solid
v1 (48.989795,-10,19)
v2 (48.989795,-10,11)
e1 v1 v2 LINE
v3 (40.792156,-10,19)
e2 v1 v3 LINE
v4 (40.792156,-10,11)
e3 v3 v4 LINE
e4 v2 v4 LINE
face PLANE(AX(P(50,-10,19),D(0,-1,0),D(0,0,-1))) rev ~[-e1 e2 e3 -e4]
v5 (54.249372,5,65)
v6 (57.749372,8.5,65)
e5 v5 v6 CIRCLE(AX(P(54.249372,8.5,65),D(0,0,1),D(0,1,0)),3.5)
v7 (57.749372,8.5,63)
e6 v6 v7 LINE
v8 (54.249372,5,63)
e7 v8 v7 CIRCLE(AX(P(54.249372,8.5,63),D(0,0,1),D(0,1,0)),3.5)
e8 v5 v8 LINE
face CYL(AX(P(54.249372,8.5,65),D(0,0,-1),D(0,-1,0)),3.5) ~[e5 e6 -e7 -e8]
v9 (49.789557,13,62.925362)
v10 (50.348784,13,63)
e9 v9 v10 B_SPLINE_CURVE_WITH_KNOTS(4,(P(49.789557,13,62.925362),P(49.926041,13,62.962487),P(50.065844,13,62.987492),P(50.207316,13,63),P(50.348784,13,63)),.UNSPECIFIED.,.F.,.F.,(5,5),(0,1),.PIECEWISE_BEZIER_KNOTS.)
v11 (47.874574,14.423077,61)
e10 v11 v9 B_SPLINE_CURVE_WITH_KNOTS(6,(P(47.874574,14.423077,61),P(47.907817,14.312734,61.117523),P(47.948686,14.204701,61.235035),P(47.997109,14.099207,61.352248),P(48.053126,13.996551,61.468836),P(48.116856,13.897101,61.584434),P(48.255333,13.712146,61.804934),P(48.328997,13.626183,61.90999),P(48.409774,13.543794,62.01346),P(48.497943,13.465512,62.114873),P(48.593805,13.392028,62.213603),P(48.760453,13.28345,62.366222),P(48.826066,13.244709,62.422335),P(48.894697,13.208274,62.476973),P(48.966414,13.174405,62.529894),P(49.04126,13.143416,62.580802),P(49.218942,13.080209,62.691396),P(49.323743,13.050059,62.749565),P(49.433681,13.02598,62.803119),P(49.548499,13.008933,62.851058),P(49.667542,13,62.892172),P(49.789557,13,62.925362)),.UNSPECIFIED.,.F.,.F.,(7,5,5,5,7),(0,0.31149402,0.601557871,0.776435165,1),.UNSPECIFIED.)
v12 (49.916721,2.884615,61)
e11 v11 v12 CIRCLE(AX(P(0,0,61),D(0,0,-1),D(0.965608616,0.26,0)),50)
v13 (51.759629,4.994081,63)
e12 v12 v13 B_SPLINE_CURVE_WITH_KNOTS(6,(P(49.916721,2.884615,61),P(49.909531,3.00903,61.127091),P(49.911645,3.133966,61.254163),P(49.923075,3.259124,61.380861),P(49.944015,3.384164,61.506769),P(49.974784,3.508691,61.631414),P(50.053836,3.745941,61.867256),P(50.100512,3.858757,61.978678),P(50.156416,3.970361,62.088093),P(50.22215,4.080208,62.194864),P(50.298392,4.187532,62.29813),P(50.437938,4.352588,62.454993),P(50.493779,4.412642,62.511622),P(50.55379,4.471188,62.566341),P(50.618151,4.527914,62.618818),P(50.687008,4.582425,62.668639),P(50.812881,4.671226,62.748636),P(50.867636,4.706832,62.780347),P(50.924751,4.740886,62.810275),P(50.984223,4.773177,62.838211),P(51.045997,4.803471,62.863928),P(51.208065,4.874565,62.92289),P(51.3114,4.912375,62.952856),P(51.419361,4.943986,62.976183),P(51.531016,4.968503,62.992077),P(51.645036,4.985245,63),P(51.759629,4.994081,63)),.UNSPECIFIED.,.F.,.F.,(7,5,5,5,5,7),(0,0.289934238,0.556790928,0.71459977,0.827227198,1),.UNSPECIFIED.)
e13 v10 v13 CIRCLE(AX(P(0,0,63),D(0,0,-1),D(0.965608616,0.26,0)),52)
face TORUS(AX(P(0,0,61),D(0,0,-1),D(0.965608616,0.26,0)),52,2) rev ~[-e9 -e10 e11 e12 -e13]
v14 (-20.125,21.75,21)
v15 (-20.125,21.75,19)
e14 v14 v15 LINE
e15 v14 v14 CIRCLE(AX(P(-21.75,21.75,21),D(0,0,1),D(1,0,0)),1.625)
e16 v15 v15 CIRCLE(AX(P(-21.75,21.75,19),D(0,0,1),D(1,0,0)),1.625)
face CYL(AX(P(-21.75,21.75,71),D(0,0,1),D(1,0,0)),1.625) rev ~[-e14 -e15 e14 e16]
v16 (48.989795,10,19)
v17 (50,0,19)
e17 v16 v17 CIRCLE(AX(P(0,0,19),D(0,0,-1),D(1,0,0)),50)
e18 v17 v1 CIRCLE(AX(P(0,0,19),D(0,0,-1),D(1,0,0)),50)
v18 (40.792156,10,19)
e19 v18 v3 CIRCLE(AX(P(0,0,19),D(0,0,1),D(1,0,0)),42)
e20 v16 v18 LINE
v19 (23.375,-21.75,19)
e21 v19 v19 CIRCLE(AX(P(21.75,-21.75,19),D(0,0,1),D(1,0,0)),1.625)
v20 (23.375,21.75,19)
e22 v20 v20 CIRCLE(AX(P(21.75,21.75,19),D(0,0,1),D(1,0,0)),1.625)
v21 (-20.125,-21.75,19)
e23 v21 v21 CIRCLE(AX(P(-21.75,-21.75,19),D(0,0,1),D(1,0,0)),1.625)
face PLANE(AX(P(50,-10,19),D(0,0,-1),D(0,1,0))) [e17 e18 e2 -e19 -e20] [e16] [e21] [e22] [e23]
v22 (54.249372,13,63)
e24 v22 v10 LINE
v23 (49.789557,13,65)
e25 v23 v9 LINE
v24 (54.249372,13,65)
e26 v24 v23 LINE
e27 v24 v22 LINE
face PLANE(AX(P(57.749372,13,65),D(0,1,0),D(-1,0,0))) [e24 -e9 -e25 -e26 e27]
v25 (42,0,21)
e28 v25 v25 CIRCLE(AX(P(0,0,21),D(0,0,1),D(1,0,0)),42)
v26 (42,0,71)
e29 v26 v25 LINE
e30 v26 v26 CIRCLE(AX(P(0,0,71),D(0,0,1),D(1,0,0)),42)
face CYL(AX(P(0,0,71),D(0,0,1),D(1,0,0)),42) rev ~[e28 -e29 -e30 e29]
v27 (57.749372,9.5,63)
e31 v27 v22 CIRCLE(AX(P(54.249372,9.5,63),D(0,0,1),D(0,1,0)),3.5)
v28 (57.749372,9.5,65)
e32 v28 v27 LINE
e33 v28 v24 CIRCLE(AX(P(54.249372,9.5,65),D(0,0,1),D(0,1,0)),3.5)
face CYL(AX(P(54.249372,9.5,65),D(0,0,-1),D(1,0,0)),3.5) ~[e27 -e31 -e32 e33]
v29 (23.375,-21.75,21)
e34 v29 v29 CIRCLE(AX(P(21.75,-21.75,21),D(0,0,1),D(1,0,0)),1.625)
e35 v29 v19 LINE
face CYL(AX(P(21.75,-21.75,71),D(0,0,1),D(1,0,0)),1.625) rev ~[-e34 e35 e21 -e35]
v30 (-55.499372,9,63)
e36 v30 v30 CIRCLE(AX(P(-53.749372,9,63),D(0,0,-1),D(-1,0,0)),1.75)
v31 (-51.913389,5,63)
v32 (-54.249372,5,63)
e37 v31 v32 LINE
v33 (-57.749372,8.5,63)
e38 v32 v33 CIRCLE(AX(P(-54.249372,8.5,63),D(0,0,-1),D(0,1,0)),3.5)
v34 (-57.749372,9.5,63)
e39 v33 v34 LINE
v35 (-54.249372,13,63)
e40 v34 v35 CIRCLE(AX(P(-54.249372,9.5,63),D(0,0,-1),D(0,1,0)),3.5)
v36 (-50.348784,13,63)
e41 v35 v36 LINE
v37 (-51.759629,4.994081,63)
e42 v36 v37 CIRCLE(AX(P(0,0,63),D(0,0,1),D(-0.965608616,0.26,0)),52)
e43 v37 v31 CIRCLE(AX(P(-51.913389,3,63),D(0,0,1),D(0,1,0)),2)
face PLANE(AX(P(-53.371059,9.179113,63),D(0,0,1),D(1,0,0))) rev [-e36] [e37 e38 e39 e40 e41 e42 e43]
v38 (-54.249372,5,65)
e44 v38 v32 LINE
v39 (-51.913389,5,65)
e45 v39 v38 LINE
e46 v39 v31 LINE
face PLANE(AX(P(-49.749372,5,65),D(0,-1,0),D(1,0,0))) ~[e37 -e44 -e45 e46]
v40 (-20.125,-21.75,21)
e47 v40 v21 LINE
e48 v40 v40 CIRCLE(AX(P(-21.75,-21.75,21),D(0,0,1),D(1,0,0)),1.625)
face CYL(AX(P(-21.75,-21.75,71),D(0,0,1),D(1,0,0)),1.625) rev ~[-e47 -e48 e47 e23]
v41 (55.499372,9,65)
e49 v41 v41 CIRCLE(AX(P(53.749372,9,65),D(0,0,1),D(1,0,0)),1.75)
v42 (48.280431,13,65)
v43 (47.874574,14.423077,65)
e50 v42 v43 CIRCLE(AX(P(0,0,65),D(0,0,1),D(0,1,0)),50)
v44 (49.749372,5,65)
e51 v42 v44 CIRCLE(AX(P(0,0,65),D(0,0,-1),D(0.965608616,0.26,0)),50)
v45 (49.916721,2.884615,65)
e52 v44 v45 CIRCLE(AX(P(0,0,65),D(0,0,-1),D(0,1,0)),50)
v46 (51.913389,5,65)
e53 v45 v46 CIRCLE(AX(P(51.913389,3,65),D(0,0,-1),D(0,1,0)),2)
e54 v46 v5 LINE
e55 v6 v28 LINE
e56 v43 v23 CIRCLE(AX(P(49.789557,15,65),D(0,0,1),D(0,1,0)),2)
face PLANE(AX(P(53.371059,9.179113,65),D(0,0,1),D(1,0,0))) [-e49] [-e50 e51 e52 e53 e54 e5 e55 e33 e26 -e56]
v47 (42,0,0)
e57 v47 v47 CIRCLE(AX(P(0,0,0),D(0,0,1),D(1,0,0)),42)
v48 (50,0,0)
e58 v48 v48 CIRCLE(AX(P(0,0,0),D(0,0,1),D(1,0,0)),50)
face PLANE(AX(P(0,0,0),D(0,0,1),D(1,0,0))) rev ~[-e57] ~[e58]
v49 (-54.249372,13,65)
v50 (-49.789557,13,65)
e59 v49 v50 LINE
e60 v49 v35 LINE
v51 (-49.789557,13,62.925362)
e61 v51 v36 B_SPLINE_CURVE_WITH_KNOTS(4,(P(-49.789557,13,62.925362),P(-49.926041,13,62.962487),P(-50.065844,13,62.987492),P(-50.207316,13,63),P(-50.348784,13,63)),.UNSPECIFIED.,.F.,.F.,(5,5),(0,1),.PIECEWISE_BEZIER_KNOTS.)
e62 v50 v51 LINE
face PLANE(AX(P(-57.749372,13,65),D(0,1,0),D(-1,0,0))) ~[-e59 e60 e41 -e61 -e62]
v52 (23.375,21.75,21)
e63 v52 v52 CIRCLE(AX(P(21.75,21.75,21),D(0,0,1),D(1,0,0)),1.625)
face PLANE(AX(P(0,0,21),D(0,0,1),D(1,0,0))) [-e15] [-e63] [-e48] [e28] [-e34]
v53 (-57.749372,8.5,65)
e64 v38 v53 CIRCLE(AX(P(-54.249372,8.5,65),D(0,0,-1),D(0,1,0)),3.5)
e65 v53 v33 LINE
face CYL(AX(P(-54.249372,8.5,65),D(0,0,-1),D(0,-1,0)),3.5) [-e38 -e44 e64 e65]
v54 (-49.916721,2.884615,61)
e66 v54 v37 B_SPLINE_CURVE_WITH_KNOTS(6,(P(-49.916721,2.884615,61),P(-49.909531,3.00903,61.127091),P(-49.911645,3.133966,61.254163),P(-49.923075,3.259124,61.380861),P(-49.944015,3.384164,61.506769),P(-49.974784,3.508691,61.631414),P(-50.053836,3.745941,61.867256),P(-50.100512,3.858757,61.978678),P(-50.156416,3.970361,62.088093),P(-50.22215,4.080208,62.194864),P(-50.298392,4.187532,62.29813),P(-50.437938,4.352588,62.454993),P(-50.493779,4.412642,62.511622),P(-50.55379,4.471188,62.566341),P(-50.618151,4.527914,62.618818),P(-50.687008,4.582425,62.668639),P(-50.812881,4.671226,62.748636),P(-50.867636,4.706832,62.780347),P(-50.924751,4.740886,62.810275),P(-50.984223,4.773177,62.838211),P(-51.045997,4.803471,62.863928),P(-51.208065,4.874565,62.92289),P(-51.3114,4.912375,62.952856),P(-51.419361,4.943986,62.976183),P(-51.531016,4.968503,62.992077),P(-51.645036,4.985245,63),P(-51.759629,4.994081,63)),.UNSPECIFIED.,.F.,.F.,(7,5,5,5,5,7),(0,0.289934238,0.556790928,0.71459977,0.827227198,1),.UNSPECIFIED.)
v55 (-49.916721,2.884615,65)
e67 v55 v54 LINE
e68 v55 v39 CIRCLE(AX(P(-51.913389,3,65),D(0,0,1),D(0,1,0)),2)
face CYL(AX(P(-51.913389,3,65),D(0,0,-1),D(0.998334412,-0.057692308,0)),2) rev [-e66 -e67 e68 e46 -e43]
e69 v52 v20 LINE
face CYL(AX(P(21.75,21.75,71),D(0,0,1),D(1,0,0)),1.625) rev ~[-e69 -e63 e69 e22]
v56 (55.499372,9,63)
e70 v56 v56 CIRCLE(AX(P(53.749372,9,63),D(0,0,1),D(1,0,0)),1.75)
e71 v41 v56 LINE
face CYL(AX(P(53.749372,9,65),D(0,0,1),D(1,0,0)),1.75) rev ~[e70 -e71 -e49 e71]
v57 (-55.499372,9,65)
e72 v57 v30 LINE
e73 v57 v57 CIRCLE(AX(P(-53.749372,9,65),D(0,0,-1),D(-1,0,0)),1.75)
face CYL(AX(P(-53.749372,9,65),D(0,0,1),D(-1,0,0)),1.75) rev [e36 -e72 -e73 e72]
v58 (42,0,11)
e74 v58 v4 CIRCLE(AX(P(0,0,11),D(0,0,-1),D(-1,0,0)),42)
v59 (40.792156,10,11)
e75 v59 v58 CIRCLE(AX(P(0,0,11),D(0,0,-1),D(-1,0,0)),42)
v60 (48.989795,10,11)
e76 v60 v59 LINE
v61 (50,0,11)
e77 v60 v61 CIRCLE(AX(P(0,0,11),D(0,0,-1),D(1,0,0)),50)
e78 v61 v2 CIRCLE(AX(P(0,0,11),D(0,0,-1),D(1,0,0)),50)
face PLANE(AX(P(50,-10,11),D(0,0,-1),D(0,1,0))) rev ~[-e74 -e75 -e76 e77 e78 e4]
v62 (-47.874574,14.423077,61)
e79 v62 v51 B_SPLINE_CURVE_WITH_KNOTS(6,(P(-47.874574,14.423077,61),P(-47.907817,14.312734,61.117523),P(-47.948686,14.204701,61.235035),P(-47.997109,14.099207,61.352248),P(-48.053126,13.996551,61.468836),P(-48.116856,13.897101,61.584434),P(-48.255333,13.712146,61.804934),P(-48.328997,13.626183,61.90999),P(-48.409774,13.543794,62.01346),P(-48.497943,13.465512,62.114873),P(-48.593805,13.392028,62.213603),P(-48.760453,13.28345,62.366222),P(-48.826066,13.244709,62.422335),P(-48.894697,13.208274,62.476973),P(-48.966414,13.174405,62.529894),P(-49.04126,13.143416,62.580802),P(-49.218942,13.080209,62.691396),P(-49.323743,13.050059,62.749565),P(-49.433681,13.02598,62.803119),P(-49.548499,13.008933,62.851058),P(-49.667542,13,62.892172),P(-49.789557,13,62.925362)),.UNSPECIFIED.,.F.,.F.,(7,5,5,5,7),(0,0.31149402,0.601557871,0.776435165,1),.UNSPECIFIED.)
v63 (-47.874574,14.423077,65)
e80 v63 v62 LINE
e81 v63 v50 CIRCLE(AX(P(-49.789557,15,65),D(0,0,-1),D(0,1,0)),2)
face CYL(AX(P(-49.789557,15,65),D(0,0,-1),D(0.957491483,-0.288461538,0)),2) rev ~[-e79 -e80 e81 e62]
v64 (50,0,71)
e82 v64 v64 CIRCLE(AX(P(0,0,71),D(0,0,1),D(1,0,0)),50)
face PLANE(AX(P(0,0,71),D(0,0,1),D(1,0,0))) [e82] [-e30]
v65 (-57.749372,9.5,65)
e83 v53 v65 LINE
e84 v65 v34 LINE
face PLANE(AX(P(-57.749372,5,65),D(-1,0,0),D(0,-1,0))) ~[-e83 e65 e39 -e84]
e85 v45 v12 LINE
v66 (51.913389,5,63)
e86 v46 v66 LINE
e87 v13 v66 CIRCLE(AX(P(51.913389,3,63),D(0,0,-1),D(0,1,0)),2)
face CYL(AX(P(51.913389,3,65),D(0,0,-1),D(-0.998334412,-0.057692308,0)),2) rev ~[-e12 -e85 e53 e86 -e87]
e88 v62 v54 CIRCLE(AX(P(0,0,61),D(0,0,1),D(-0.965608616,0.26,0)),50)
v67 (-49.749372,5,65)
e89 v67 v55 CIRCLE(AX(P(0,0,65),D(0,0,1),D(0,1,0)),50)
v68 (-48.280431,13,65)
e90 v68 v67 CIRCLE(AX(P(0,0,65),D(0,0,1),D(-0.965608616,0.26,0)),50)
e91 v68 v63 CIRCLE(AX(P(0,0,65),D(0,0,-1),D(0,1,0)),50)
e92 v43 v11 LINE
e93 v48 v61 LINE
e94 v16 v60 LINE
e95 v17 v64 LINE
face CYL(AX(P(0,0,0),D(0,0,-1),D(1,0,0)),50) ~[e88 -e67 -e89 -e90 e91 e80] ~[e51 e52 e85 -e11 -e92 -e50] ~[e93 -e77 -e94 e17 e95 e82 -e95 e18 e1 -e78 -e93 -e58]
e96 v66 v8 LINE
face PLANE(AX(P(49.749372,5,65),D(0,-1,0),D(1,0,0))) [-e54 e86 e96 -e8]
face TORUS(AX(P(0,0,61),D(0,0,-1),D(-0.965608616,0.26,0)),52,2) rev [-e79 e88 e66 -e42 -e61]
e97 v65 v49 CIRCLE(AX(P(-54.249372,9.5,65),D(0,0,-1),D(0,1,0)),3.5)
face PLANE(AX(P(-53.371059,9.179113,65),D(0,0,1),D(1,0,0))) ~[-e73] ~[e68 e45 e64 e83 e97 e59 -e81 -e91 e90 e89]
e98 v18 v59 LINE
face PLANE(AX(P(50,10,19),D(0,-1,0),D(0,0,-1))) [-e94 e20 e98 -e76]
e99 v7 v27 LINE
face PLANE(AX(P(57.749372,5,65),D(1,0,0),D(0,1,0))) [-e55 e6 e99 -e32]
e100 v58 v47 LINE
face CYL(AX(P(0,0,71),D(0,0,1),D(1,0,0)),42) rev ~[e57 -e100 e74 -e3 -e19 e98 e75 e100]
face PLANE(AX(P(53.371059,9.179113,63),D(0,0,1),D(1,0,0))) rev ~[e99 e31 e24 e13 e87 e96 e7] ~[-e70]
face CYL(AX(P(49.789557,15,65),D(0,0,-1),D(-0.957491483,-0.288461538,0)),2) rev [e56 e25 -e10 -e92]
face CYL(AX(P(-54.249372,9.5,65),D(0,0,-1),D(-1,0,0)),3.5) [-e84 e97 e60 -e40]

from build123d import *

# Parameters (mm, degrees)
ESQUISSE1_R                  = 50
BOSS_EXTRU_1_DEPTH           = 71
COQUE1_T                     = -8
ESQUISSE2_R                  = 42
ESQUISSE2_R_2                = 1.625
ENL_V_MAT_EXTRU_4_DEPTH      = 71
ESQUISSE2_5_R                = 42
ESQUISSE2_5_R_2              = 1.625
BOSS_EXTRU_4_DEPTH           = 52
ESQUISSE2_6_R                = 42
ESQUISSE2_6_R_2              = 1.625
ENL_V_MAT_EXTRU_5_DEPTH      = 50
ENL_V_MAT_EXTRU_6_REACH      = 102.205
ESQUISSE2_7_R                = 1.625
ENL_V_MAT_EXTRU_7_REACH      = 134.442
ENL_V_MAT_EXTRU_7_END_RADIUS = 42
ESQUISSE9_W                  = 8
ESQUISSE9_H                  = 20
ESQUISSE14_R                 = 1.75
BOSS_EXTRU_6_DEPTH           = 2
CONG_1_R                     = 2
CONG_2_R                     = 3.5


with BuildPart() as part:
    # Esquisse1 → Boss.-Extru.1 (new body)
    with BuildSketch(Plane.XY):
        Circle(ESQUISSE1_R)
    extrude(amount=BOSS_EXTRU_1_DEPTH)

    # Coque1
    coque1_openings = [part.faces().sort_by_distance(p)[0] for p in [
        (0, 0, 71),
    ]]
    offset(amount=COQUE1_T, openings=coque1_openings, kind=Kind.INTERSECTION)

    # Esquisse2 → Enl_v. mat.-Extru.4 (cut)
    with BuildSketch(Plane.XY.offset(71)):
        Circle(ESQUISSE2_R)
        with Locations((-21.75, -21.75)):
            Circle(ESQUISSE2_R_2, mode=Mode.SUBTRACT)
        with Locations((21.75, -21.75)):
            Circle(ESQUISSE2_R_2, mode=Mode.SUBTRACT)
        with Locations((21.75, 21.75)):
            Circle(ESQUISSE2_R_2, mode=Mode.SUBTRACT)
        with Locations((-21.75, 21.75)):
            Circle(ESQUISSE2_R_2, mode=Mode.SUBTRACT)
        with Locations((-21.75, 21.75)):
            Circle(ESQUISSE2_R_2)
        with Locations((-21.75, -21.75)):
            Circle(ESQUISSE2_R_2)
        with Locations((21.75, -21.75)):
            Circle(ESQUISSE2_R_2)
        with Locations((21.75, 21.75)):
            Circle(ESQUISSE2_R_2)
    extrude(amount=-ENL_V_MAT_EXTRU_4_DEPTH, mode=Mode.SUBTRACT)

    # Esquisse2_5 → Boss.-Extru.4 (add)
    with BuildSketch(Plane.XY.offset(71)):
        Circle(ESQUISSE2_5_R)
        with Locations((-21.75, -21.75)):
            Circle(ESQUISSE2_5_R_2, mode=Mode.SUBTRACT)
        with Locations((21.75, -21.75)):
            Circle(ESQUISSE2_5_R_2, mode=Mode.SUBTRACT)
        with Locations((21.75, 21.75)):
            Circle(ESQUISSE2_5_R_2, mode=Mode.SUBTRACT)
        with Locations((-21.75, 21.75)):
            Circle(ESQUISSE2_5_R_2, mode=Mode.SUBTRACT)
        with Locations((-21.75, 21.75)):
            Circle(ESQUISSE2_5_R_2)
        with Locations((21.75, 21.75)):
            Circle(ESQUISSE2_5_R_2)
        with Locations((21.75, -21.75)):
            Circle(ESQUISSE2_5_R_2)
        with Locations((-21.75, -21.75)):
            Circle(ESQUISSE2_5_R_2)
    extrude(amount=-BOSS_EXTRU_4_DEPTH)

    # Esquisse2_6 → Enl_v. mat.-Extru.5 (cut)
    with BuildSketch(Plane.XY.offset(71)):
        Circle(ESQUISSE2_6_R)
        with Locations((-21.75, 21.75)):
            Circle(ESQUISSE2_6_R_2, mode=Mode.SUBTRACT)
        with Locations((21.75, 21.75)):
            Circle(ESQUISSE2_6_R_2, mode=Mode.SUBTRACT)
        with Locations((21.75, -21.75)):
            Circle(ESQUISSE2_6_R_2, mode=Mode.SUBTRACT)
        with Locations((-21.75, -21.75)):
            Circle(ESQUISSE2_6_R_2, mode=Mode.SUBTRACT)
    extrude(amount=-ENL_V_MAT_EXTRU_5_DEPTH, mode=Mode.SUBTRACT)

    # Esquisse2_7 → Enl_v. mat.-Extru.6 (cut, up to next)
    with BuildSketch(Plane.XY.offset(71), mode=Mode.PRIVATE) as enl_v_mat_extru_6_sk1:
        with Locations((-21.75, 21.75)):
            Circle(ESQUISSE2_7_R)
    enl_v_mat_extru_6_tool1 = extrude(enl_v_mat_extru_6_sk1.sketch, amount=-ENL_V_MAT_EXTRU_6_REACH, mode=Mode.PRIVATE) & part.part
    # Esquisse2_7 → Enl_v. mat.-Extru.6 (cut, up to next)
    with BuildSketch(Plane.XY.offset(71), mode=Mode.PRIVATE) as enl_v_mat_extru_6_sk2:
        with Locations((21.75, 21.75)):
            Circle(ESQUISSE2_7_R)
    enl_v_mat_extru_6_tool2 = extrude(enl_v_mat_extru_6_sk2.sketch, amount=-ENL_V_MAT_EXTRU_6_REACH, mode=Mode.PRIVATE) & part.part
    # Esquisse2_7 → Enl_v. mat.-Extru.6 (cut, up to next)
    with BuildSketch(Plane.XY.offset(71), mode=Mode.PRIVATE) as enl_v_mat_extru_6_sk3:
        with Locations((21.75, -21.75)):
            Circle(ESQUISSE2_7_R)
    enl_v_mat_extru_6_tool3 = extrude(enl_v_mat_extru_6_sk3.sketch, amount=-ENL_V_MAT_EXTRU_6_REACH, mode=Mode.PRIVATE) & part.part
    # Esquisse2_7 → Enl_v. mat.-Extru.6 (cut, up to next)
    with BuildSketch(Plane.XY.offset(71), mode=Mode.PRIVATE) as enl_v_mat_extru_6_sk4:
        with Locations((-21.75, -21.75)):
            Circle(ESQUISSE2_7_R)
    enl_v_mat_extru_6_tool4 = extrude(enl_v_mat_extru_6_sk4.sketch, amount=-ENL_V_MAT_EXTRU_6_REACH, mode=Mode.PRIVATE) & part.part
    add(enl_v_mat_extru_6_tool1.solids().sort_by_distance((-21.75, 21.75, 71))[0], mode=Mode.SUBTRACT)
    add(enl_v_mat_extru_6_tool2.solids().sort_by_distance((21.75, 21.75, 71))[0], mode=Mode.SUBTRACT)
    add(enl_v_mat_extru_6_tool3.solids().sort_by_distance((21.75, -21.75, 71))[0], mode=Mode.SUBTRACT)
    add(enl_v_mat_extru_6_tool4.solids().sort_by_distance((-21.75, -21.75, 71))[0], mode=Mode.SUBTRACT)

    # Enl_v. mat.-Extru.7: up to this cylinder (the profile starts outside it)
    enl_v_mat_extru_7_end = Plane(origin=(0, 0, 15), z_dir=(0, 0, -1)) * Cylinder(ENL_V_MAT_EXTRU_7_END_RADIUS, 353.884, mode=Mode.PRIVATE)
    # Esquisse9 → Enl_v. mat.-Extru.7 (cut, up to the surface)
    with BuildSketch(Plane(origin=(50, 0, 0), x_dir=(0, 0, -1), z_dir=(1, 0, 0)), mode=Mode.PRIVATE) as enl_v_mat_extru_7_sk1:
        with Locations((-15, 0)):
            Rectangle(ESQUISSE9_W, ESQUISSE9_H)
    enl_v_mat_extru_7_tool1 = extrude(enl_v_mat_extru_7_sk1.sketch, amount=-ENL_V_MAT_EXTRU_7_REACH, mode=Mode.PRIVATE) - enl_v_mat_extru_7_end
    add(enl_v_mat_extru_7_tool1.solids().sort_by_distance((50, 0, 15))[0], mode=Mode.SUBTRACT)

    # Esquisse14 → Boss.-Extru.6 (add)
    with BuildSketch(Plane.XY.offset(65)):
        with BuildLine():
            Line((49.749371855, 5), (57.749371855, 5))
            Line((57.749371855, 5), (57.749371855, 13))
            Line((57.749371855, 13), (48.280430818, 13))
            ThreePointArc((48.280430818, 13), (49.177846161, 9.029919542), (49.749371855, 5))
        make_face()
        with Locations((53.749371855, 9)):
            Circle(ESQUISSE14_R, mode=Mode.SUBTRACT)
    boss_extru_6 = extrude(amount=-BOSS_EXTRU_6_DEPTH)

    # Sym_trie1: Boss.-Extru.6 across plane
    add(boss_extru_6.mirror(Plane(origin=(0, 0, 0), x_dir=(0, 0, 1), z_dir=(1, 0, 0))))

    # Cong_1
    cong_1_edges = [part.edges().sort_by_distance(p)[0] for p in [
        (49.749371855, 5, 64),
        (48.280430818, 13, 64),
        (49.177846161, 9.029919542, 63),
        (-49.177846161, 9.029919542, 63),
        (-48.280430818, 13, 64),
        (-49.749371855, 5, 64),
    ]]
    fillet(cong_1_edges, radius=CONG_1_R)

    # Cong_2
    cong_2_edges = [part.edges().sort_by_distance(p)[0] for p in [
        (57.749371855, 13, 64),
        (57.749371855, 5, 64),
        (-57.749371855, 5, 64),
        (-57.749371855, 13, 64),
    ]]
    fillet(cong_2_edges, radius=CONG_2_R)


solid = part.part
